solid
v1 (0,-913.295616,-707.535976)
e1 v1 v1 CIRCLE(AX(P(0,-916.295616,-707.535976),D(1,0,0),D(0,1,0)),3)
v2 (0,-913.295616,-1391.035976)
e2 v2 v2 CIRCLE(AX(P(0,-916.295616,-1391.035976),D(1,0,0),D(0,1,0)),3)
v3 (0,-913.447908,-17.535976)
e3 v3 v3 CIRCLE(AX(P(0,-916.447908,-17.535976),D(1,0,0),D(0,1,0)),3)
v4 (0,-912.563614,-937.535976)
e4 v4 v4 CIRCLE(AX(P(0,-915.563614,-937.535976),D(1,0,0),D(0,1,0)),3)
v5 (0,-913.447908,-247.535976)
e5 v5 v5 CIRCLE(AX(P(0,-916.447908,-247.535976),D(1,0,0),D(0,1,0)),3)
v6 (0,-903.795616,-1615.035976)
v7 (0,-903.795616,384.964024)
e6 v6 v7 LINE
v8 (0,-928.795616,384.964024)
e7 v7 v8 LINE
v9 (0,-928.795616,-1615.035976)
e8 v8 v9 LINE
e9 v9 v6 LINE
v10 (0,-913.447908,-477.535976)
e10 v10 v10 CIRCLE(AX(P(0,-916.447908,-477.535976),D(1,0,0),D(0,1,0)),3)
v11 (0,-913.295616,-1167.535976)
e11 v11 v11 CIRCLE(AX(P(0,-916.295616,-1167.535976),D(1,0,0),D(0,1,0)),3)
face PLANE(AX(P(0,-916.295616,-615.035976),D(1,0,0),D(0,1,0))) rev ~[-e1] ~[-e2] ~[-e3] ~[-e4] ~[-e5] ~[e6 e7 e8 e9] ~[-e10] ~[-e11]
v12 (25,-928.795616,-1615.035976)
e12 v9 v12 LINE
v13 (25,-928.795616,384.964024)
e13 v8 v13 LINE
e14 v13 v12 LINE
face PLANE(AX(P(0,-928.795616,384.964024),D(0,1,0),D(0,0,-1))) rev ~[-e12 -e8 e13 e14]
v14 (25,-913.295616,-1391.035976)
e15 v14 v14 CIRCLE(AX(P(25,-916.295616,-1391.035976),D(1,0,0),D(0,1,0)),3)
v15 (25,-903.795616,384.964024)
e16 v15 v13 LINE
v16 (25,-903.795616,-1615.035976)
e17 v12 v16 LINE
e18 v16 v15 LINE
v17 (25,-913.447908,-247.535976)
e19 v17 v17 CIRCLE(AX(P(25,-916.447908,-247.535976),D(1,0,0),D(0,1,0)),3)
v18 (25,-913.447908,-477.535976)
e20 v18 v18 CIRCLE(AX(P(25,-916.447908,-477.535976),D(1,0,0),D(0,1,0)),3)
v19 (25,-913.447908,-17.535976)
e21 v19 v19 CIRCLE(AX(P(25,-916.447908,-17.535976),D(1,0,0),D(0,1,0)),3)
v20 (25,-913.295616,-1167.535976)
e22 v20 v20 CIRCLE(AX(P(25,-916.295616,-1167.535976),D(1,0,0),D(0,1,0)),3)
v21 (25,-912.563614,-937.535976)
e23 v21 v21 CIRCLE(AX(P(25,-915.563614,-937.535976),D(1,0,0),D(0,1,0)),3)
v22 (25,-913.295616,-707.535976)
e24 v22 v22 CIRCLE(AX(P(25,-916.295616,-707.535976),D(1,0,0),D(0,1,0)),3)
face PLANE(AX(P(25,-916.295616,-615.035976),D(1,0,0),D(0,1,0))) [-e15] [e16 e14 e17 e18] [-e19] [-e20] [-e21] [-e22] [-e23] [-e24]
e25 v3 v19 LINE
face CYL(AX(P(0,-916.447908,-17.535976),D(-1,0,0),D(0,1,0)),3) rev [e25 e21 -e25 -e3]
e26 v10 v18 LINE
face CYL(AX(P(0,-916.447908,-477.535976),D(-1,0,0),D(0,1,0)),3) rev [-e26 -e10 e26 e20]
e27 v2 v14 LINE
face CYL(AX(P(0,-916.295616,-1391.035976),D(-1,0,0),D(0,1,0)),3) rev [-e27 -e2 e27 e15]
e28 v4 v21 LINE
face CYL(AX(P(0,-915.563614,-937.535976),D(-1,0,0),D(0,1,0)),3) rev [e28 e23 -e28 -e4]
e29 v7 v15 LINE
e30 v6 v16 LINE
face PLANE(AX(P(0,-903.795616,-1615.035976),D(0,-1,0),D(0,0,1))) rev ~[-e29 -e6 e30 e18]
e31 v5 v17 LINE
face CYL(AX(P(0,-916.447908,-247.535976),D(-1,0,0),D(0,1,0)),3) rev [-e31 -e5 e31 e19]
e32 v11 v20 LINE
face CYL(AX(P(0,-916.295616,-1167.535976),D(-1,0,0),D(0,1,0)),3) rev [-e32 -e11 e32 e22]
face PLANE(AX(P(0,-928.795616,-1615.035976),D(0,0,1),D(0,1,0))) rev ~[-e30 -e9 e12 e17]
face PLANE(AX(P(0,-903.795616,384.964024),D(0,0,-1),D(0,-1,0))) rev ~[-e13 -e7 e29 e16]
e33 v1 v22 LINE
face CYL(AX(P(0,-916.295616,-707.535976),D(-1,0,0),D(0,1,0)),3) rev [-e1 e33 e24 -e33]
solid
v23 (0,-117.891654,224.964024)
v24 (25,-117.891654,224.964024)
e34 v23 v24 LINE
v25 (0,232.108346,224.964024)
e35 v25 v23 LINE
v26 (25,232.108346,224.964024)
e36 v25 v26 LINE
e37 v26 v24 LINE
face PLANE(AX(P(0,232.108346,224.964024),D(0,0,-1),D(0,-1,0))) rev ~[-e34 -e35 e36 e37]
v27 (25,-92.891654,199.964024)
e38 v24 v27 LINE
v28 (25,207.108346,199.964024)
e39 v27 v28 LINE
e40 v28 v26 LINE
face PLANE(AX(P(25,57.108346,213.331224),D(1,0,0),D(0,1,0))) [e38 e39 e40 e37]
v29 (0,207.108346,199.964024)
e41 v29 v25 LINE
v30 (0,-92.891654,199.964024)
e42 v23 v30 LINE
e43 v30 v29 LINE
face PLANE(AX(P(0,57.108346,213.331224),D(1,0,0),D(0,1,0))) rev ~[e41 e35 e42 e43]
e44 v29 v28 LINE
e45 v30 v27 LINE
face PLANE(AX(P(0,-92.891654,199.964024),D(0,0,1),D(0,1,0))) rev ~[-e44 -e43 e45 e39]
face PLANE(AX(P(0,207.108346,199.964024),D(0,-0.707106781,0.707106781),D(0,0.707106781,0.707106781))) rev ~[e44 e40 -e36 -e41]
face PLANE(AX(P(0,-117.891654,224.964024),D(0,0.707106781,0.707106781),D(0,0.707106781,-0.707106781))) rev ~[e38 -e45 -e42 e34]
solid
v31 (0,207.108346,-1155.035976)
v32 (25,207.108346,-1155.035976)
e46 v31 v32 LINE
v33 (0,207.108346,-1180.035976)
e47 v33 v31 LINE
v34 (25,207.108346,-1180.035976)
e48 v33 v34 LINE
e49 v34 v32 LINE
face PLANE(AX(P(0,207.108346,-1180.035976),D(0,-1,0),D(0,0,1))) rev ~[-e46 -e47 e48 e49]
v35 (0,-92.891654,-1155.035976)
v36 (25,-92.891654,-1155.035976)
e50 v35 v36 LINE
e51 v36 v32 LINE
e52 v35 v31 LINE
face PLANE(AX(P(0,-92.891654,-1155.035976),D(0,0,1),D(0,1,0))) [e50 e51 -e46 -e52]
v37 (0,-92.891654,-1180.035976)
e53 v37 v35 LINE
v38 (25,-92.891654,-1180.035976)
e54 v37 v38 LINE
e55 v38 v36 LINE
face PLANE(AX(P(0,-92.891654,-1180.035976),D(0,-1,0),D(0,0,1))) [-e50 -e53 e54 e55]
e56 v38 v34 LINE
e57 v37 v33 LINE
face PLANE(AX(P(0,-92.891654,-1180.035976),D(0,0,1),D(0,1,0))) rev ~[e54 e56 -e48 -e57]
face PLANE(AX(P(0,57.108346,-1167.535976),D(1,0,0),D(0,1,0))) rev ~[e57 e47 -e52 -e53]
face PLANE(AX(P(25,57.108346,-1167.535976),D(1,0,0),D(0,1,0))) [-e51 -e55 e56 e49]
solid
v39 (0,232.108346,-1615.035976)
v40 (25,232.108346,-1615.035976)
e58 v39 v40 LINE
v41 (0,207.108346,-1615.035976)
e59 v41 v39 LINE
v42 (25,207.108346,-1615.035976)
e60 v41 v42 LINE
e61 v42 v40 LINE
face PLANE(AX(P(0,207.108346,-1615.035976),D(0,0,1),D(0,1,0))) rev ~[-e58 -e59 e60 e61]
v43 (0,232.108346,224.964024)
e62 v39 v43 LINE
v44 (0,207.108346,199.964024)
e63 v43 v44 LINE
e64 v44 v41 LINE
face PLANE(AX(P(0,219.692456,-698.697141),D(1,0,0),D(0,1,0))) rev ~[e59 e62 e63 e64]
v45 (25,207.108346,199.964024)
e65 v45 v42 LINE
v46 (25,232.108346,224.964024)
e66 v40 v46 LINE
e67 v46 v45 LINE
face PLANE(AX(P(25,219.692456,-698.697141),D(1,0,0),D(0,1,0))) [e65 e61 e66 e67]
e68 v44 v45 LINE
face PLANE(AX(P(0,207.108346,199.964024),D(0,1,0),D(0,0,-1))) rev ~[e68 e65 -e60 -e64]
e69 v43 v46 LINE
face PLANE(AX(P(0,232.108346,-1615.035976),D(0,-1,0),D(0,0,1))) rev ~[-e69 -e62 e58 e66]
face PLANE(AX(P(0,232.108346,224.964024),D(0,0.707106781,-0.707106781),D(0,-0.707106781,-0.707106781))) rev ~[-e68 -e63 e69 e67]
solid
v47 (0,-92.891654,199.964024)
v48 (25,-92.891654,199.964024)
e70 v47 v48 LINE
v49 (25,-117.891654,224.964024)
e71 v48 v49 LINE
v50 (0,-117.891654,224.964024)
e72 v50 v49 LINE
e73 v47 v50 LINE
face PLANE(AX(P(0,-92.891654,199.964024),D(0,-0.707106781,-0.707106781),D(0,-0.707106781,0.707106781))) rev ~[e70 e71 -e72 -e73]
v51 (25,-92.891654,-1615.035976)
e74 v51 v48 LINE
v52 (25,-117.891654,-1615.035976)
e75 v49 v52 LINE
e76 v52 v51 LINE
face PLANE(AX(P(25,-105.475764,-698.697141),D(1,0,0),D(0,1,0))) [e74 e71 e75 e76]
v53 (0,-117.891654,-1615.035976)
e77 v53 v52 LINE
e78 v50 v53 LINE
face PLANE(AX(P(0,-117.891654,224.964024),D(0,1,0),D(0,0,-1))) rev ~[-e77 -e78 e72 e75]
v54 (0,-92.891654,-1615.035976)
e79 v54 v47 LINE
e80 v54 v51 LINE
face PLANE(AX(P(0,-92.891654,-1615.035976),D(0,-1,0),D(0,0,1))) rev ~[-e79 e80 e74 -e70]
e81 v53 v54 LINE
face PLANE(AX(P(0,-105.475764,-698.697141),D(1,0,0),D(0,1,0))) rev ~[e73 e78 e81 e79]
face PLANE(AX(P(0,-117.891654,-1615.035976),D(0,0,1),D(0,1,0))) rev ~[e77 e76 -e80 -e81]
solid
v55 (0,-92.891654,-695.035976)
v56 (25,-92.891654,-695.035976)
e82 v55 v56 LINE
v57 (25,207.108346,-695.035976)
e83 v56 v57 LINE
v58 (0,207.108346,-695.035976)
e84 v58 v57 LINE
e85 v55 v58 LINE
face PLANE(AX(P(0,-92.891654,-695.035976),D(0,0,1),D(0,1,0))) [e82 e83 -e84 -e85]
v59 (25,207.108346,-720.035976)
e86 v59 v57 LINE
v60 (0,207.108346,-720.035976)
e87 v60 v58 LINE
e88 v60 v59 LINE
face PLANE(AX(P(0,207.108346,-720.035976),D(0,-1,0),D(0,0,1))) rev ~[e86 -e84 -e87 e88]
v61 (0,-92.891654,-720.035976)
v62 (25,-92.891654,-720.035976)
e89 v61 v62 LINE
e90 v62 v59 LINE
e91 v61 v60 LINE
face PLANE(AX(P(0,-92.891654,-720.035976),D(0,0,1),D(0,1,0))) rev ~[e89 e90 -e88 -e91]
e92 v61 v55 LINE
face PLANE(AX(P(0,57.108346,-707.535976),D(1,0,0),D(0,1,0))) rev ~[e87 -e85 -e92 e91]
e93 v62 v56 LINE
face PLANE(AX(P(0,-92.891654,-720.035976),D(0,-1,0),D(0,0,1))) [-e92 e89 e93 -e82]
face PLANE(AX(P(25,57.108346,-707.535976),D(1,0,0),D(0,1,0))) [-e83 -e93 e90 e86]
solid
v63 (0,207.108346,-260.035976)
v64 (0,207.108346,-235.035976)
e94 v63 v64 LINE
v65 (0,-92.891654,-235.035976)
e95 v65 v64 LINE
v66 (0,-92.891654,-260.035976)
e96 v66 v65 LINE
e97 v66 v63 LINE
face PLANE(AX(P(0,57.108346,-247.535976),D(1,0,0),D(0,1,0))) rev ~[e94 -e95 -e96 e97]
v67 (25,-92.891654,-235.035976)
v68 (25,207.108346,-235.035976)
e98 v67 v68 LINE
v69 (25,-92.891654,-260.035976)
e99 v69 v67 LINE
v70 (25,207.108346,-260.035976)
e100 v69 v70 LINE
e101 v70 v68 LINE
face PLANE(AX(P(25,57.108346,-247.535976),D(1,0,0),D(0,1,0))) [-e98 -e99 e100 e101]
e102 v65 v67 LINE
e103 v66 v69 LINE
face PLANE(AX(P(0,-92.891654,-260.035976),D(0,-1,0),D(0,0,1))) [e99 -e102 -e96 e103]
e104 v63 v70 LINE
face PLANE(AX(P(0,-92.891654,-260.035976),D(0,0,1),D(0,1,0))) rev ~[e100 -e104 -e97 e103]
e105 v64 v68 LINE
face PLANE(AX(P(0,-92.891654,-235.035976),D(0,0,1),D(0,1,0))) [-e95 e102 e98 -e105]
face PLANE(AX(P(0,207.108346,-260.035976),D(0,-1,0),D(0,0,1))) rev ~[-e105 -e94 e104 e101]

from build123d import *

# Parameters (mm, degrees)
F0_R     = 3
F1_DEPTH = 25
F0_W     = 300
F0_H     = 25
F2_DEPTH = 25


with BuildPart() as f1:
    # F0 (on Right) → F1 (new body)
    with BuildSketch(Plane.YZ):
        Polygon((-117.891654, 224.964024), (-117.891654, -1615.035976), (-92.891654, -1615.035976), (-92.891654, -1180.035976), (-92.891654, -1155.035976), (-92.891654, -720.035976), (-92.891654, -695.035976), (-92.891654, -260.035976), (-92.891654, -235.035976), (-92.891654, 199.964024), align=None)
        Polygon((232.108346, -1615.035976), (232.108346, 224.964024), (207.108346, 199.964024), (207.108346, -235.035976), (207.108346, -260.035976), (207.108346, -695.035976), (207.108346, -720.035976), (207.108346, -1155.035976), (207.108346, -1180.035976), (207.108346, -1615.035976), align=None)
        Polygon((-903.795616, -1615.035976), (-903.795616, 224.964024), (-903.795616, 384.964024), (-928.795616, 384.964024), (-928.795616, -1615.035976), align=None)
        with Locations((-916.295616, -1391.035976)):
            Circle(F0_R, mode=Mode.SUBTRACT)
        with Locations((-916.295616, -1167.535976)):
            Circle(F0_R, mode=Mode.SUBTRACT)
        with Locations((-915.563614, -937.535976)):
            Circle(F0_R, mode=Mode.SUBTRACT)
        with Locations((-916.295616, -707.535976)):
            Circle(F0_R, mode=Mode.SUBTRACT)
        with Locations((-916.447908, -477.535976)):
            Circle(F0_R, mode=Mode.SUBTRACT)
        with Locations((-916.447908, -247.535976)):
            Circle(F0_R, mode=Mode.SUBTRACT)
        with Locations((-916.447908, -17.535976)):
            Circle(F0_R, mode=Mode.SUBTRACT)
    extrude(amount=F1_DEPTH)


with BuildPart() as f2:
    # F0 (on Right) → F2 (new body)
    with BuildSketch(Plane.YZ):
        Polygon((232.108346, 224.964024), (-117.891654, 224.964024), (-92.891654, 199.964024), (207.108346, 199.964024), align=None)
        with Locations((57.108346, -247.535976)):
            Rectangle(F0_W, F0_H)
        with Locations((57.108346, -707.535976)):
            Rectangle(F0_W, F0_H)
        with Locations((57.108346, -1167.535976)):
            Rectangle(F0_W, F0_H)
    extrude(amount=F2_DEPTH)


solid = Compound([f1.part, f2.part])
